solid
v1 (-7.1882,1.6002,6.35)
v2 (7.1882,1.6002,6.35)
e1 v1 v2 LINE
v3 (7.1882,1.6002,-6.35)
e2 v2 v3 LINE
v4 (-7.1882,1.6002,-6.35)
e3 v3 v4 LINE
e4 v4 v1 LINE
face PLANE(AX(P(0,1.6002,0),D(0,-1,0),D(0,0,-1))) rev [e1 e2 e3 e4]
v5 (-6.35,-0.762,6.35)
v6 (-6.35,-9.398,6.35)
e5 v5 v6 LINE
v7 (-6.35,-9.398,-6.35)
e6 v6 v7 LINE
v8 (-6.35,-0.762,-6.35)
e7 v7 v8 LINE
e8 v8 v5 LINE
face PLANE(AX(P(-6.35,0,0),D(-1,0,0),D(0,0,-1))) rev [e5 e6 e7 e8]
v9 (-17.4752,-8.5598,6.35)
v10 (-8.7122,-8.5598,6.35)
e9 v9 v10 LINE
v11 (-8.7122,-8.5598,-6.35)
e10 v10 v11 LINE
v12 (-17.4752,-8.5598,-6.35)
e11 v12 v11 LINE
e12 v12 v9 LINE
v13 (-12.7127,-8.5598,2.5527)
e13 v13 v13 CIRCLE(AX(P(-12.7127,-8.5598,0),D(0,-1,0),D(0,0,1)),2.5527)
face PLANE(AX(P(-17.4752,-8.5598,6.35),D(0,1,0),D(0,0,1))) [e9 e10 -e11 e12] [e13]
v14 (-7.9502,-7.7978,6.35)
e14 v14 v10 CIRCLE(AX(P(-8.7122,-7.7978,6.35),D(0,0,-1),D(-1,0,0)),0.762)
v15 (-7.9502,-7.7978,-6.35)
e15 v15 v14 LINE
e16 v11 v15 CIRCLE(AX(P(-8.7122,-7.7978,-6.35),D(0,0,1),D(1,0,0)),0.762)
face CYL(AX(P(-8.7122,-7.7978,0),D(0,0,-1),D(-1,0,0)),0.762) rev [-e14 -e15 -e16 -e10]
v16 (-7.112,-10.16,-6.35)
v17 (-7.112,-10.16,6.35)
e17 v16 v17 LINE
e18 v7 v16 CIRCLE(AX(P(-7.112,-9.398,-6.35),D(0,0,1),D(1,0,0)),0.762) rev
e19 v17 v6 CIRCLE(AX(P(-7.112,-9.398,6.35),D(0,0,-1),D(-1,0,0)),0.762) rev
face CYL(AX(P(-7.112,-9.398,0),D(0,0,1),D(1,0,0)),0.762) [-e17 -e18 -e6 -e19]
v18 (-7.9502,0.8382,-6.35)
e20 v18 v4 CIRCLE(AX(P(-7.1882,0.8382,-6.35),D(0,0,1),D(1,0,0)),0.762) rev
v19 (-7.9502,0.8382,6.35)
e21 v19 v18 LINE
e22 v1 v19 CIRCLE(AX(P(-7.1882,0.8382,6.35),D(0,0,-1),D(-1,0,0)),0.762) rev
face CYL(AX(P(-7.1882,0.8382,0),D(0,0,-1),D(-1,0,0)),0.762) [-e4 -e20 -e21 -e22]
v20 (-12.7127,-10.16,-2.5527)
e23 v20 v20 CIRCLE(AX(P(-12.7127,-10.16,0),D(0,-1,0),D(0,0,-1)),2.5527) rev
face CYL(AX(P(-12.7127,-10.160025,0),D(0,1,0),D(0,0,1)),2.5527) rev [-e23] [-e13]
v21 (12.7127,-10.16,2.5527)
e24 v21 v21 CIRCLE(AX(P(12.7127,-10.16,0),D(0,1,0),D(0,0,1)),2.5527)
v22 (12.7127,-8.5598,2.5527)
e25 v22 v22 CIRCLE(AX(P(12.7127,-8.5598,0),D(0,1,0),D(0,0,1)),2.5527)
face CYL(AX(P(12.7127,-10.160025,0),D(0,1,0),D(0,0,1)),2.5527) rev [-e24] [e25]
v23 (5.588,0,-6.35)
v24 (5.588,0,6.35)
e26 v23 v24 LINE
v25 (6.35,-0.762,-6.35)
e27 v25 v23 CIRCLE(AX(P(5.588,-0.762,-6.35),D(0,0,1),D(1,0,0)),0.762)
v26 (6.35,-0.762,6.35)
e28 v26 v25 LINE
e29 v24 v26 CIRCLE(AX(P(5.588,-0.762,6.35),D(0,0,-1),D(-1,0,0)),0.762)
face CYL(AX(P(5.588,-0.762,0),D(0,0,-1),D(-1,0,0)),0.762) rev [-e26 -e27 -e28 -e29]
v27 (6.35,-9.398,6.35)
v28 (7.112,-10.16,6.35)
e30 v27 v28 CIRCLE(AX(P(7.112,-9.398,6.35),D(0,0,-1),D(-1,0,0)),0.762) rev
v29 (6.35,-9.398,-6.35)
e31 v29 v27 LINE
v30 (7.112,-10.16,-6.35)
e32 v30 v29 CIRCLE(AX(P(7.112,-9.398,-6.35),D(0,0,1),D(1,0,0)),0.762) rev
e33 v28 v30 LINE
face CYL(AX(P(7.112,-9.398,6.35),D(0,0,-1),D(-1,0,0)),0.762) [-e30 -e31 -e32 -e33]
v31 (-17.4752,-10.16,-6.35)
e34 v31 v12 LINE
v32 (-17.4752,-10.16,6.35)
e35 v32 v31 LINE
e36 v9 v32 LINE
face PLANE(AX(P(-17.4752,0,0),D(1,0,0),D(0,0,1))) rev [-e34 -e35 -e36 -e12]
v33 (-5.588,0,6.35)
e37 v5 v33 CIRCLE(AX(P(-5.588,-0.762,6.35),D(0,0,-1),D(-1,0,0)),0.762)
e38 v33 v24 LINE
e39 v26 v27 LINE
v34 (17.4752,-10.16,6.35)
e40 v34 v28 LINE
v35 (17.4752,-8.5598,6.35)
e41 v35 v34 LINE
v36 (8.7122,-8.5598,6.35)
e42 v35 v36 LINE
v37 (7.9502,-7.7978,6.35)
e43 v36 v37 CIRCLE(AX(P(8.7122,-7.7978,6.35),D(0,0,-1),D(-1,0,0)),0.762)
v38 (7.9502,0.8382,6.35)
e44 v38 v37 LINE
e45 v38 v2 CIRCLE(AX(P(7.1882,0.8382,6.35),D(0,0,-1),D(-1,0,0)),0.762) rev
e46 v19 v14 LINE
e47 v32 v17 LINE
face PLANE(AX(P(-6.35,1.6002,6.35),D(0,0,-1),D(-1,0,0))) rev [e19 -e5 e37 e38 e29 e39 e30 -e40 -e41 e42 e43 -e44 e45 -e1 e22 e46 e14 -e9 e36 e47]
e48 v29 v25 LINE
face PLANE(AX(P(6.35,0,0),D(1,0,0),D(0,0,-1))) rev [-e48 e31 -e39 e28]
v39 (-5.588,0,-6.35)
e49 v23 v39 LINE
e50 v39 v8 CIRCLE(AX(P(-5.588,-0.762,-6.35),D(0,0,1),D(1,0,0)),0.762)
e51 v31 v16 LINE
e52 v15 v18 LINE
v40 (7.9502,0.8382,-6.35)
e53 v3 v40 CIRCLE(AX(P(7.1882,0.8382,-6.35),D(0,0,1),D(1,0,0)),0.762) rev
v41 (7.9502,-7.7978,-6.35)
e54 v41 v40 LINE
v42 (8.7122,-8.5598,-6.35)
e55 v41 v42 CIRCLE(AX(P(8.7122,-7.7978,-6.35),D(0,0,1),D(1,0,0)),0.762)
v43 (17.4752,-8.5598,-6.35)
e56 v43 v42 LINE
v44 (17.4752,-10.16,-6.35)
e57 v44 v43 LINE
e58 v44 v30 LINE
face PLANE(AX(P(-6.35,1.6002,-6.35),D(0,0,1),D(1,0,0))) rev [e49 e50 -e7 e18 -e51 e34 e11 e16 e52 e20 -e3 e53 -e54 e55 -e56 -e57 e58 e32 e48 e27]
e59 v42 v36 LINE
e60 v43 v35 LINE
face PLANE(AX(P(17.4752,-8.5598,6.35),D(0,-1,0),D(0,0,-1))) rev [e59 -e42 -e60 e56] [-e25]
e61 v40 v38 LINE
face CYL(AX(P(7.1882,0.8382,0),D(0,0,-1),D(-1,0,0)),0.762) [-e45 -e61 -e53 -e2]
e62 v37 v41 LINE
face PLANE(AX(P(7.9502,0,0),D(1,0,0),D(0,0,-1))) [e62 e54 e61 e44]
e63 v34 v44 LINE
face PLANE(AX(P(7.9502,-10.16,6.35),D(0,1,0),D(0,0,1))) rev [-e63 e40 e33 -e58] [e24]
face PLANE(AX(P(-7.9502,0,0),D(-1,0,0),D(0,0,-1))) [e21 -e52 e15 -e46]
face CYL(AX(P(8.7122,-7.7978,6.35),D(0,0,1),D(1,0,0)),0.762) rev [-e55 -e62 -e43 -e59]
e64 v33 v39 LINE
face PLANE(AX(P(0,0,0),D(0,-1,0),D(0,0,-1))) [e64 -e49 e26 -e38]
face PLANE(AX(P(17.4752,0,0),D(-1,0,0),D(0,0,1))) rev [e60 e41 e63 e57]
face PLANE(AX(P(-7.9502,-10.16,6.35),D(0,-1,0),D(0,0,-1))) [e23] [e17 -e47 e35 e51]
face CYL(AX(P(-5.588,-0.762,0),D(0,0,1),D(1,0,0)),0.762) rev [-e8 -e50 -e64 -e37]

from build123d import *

# Parameters (mm, degrees)
SKETCH1_W           = 12.7
SKETCH1_H           = 12.7
BOSS_EXTRUDE1_DEPTH = 1.6002
SKETCH2_W           = 12.7
SKETCH2_H           = 11.7602
BOSS_EXTRUDE2_DEPTH = 1.6002
SKETCH3_W           = 12.7
SKETCH3_H           = 1.6002
BOSS_EXTRUDE3_DEPTH = 9.525
SKETCH4_R           = 2.5527
CUT_EXTRUDE1_DEPTH  = 22.187985158
FILLET1_R           = 0.762


with BuildPart() as part:
    # Sketch1 → Boss-Extrude1 (new body)
    with BuildSketch(Plane(origin=(0, 0, 0), x_dir=(1, 0, 0), z_dir=(0, 1, 0))):
        Rectangle(SKETCH1_W, SKETCH1_H)
    extrude(amount=BOSS_EXTRUDE1_DEPTH)

    # Sketch2 → Boss-Extrude2 (add)
    with BuildSketch(Plane(origin=(6.35, 0, 0), x_dir=(0, 0, -1), z_dir=(1, 0, 0))):
        with Locations((0, -4.2799)):
            Rectangle(SKETCH2_W, SKETCH2_H)
    boss_extrude2 = extrude(amount=BOSS_EXTRUDE2_DEPTH)

    # Sketch3 → Boss-Extrude3 (add)
    with BuildSketch(Plane(origin=(7.9502, 0, 0), x_dir=(0, 0, -1), z_dir=(1, 0, 0))):
        with Locations((0, -9.3599)):
            Rectangle(SKETCH3_W, SKETCH3_H)
    boss_extrude3 = extrude(amount=BOSS_EXTRUDE3_DEPTH)

    # Sketch4 → Cut-Extrude1 (cut, through all)
    with BuildSketch(Plane(origin=(0, -8.5598, 0), x_dir=(1, 0, 0), z_dir=(0, 1, 0))):
        with Locations(Location((12.7127, 0, 0), (0, 0, 270))):
            Circle(SKETCH4_R)
    cut_extrude1 = extrude(amount=-CUT_EXTRUDE1_DEPTH, mode=Mode.SUBTRACT)

    # Mirror2: Boss-Extrude2, Boss-Extrude3, Cut-Extrude1 across plane
    add(boss_extrude2.mirror(Plane(origin=(0, 0, 0), x_dir=(0, 0, 1), z_dir=(1, 0, 0))))
    add(boss_extrude3.mirror(Plane(origin=(0, 0, 0), x_dir=(0, 0, 1), z_dir=(1, 0, 0))))
    add(cut_extrude1.mirror(Plane(origin=(0, 0, 0), x_dir=(0, 0, 1), z_dir=(1, 0, 0))), mode=Mode.SUBTRACT)

    # Fillet1
    fillet1_edges = [part.edges().sort_by_distance(p)[0] for p in [
        (6.35, -10.16, 0),
        (-6.35, -10.16, 0),
        (6.35, 0, 0),
        (-6.35, 0, 0),
        (-7.9502, -8.5598, 0),
        (-7.9502, 1.6002, 0),
        (7.9502, 1.6002, 0),
        (7.9502, -8.5598, 0),
    ]]
    fillet(fillet1_edges, radius=FILLET1_R)


solid = part.part
